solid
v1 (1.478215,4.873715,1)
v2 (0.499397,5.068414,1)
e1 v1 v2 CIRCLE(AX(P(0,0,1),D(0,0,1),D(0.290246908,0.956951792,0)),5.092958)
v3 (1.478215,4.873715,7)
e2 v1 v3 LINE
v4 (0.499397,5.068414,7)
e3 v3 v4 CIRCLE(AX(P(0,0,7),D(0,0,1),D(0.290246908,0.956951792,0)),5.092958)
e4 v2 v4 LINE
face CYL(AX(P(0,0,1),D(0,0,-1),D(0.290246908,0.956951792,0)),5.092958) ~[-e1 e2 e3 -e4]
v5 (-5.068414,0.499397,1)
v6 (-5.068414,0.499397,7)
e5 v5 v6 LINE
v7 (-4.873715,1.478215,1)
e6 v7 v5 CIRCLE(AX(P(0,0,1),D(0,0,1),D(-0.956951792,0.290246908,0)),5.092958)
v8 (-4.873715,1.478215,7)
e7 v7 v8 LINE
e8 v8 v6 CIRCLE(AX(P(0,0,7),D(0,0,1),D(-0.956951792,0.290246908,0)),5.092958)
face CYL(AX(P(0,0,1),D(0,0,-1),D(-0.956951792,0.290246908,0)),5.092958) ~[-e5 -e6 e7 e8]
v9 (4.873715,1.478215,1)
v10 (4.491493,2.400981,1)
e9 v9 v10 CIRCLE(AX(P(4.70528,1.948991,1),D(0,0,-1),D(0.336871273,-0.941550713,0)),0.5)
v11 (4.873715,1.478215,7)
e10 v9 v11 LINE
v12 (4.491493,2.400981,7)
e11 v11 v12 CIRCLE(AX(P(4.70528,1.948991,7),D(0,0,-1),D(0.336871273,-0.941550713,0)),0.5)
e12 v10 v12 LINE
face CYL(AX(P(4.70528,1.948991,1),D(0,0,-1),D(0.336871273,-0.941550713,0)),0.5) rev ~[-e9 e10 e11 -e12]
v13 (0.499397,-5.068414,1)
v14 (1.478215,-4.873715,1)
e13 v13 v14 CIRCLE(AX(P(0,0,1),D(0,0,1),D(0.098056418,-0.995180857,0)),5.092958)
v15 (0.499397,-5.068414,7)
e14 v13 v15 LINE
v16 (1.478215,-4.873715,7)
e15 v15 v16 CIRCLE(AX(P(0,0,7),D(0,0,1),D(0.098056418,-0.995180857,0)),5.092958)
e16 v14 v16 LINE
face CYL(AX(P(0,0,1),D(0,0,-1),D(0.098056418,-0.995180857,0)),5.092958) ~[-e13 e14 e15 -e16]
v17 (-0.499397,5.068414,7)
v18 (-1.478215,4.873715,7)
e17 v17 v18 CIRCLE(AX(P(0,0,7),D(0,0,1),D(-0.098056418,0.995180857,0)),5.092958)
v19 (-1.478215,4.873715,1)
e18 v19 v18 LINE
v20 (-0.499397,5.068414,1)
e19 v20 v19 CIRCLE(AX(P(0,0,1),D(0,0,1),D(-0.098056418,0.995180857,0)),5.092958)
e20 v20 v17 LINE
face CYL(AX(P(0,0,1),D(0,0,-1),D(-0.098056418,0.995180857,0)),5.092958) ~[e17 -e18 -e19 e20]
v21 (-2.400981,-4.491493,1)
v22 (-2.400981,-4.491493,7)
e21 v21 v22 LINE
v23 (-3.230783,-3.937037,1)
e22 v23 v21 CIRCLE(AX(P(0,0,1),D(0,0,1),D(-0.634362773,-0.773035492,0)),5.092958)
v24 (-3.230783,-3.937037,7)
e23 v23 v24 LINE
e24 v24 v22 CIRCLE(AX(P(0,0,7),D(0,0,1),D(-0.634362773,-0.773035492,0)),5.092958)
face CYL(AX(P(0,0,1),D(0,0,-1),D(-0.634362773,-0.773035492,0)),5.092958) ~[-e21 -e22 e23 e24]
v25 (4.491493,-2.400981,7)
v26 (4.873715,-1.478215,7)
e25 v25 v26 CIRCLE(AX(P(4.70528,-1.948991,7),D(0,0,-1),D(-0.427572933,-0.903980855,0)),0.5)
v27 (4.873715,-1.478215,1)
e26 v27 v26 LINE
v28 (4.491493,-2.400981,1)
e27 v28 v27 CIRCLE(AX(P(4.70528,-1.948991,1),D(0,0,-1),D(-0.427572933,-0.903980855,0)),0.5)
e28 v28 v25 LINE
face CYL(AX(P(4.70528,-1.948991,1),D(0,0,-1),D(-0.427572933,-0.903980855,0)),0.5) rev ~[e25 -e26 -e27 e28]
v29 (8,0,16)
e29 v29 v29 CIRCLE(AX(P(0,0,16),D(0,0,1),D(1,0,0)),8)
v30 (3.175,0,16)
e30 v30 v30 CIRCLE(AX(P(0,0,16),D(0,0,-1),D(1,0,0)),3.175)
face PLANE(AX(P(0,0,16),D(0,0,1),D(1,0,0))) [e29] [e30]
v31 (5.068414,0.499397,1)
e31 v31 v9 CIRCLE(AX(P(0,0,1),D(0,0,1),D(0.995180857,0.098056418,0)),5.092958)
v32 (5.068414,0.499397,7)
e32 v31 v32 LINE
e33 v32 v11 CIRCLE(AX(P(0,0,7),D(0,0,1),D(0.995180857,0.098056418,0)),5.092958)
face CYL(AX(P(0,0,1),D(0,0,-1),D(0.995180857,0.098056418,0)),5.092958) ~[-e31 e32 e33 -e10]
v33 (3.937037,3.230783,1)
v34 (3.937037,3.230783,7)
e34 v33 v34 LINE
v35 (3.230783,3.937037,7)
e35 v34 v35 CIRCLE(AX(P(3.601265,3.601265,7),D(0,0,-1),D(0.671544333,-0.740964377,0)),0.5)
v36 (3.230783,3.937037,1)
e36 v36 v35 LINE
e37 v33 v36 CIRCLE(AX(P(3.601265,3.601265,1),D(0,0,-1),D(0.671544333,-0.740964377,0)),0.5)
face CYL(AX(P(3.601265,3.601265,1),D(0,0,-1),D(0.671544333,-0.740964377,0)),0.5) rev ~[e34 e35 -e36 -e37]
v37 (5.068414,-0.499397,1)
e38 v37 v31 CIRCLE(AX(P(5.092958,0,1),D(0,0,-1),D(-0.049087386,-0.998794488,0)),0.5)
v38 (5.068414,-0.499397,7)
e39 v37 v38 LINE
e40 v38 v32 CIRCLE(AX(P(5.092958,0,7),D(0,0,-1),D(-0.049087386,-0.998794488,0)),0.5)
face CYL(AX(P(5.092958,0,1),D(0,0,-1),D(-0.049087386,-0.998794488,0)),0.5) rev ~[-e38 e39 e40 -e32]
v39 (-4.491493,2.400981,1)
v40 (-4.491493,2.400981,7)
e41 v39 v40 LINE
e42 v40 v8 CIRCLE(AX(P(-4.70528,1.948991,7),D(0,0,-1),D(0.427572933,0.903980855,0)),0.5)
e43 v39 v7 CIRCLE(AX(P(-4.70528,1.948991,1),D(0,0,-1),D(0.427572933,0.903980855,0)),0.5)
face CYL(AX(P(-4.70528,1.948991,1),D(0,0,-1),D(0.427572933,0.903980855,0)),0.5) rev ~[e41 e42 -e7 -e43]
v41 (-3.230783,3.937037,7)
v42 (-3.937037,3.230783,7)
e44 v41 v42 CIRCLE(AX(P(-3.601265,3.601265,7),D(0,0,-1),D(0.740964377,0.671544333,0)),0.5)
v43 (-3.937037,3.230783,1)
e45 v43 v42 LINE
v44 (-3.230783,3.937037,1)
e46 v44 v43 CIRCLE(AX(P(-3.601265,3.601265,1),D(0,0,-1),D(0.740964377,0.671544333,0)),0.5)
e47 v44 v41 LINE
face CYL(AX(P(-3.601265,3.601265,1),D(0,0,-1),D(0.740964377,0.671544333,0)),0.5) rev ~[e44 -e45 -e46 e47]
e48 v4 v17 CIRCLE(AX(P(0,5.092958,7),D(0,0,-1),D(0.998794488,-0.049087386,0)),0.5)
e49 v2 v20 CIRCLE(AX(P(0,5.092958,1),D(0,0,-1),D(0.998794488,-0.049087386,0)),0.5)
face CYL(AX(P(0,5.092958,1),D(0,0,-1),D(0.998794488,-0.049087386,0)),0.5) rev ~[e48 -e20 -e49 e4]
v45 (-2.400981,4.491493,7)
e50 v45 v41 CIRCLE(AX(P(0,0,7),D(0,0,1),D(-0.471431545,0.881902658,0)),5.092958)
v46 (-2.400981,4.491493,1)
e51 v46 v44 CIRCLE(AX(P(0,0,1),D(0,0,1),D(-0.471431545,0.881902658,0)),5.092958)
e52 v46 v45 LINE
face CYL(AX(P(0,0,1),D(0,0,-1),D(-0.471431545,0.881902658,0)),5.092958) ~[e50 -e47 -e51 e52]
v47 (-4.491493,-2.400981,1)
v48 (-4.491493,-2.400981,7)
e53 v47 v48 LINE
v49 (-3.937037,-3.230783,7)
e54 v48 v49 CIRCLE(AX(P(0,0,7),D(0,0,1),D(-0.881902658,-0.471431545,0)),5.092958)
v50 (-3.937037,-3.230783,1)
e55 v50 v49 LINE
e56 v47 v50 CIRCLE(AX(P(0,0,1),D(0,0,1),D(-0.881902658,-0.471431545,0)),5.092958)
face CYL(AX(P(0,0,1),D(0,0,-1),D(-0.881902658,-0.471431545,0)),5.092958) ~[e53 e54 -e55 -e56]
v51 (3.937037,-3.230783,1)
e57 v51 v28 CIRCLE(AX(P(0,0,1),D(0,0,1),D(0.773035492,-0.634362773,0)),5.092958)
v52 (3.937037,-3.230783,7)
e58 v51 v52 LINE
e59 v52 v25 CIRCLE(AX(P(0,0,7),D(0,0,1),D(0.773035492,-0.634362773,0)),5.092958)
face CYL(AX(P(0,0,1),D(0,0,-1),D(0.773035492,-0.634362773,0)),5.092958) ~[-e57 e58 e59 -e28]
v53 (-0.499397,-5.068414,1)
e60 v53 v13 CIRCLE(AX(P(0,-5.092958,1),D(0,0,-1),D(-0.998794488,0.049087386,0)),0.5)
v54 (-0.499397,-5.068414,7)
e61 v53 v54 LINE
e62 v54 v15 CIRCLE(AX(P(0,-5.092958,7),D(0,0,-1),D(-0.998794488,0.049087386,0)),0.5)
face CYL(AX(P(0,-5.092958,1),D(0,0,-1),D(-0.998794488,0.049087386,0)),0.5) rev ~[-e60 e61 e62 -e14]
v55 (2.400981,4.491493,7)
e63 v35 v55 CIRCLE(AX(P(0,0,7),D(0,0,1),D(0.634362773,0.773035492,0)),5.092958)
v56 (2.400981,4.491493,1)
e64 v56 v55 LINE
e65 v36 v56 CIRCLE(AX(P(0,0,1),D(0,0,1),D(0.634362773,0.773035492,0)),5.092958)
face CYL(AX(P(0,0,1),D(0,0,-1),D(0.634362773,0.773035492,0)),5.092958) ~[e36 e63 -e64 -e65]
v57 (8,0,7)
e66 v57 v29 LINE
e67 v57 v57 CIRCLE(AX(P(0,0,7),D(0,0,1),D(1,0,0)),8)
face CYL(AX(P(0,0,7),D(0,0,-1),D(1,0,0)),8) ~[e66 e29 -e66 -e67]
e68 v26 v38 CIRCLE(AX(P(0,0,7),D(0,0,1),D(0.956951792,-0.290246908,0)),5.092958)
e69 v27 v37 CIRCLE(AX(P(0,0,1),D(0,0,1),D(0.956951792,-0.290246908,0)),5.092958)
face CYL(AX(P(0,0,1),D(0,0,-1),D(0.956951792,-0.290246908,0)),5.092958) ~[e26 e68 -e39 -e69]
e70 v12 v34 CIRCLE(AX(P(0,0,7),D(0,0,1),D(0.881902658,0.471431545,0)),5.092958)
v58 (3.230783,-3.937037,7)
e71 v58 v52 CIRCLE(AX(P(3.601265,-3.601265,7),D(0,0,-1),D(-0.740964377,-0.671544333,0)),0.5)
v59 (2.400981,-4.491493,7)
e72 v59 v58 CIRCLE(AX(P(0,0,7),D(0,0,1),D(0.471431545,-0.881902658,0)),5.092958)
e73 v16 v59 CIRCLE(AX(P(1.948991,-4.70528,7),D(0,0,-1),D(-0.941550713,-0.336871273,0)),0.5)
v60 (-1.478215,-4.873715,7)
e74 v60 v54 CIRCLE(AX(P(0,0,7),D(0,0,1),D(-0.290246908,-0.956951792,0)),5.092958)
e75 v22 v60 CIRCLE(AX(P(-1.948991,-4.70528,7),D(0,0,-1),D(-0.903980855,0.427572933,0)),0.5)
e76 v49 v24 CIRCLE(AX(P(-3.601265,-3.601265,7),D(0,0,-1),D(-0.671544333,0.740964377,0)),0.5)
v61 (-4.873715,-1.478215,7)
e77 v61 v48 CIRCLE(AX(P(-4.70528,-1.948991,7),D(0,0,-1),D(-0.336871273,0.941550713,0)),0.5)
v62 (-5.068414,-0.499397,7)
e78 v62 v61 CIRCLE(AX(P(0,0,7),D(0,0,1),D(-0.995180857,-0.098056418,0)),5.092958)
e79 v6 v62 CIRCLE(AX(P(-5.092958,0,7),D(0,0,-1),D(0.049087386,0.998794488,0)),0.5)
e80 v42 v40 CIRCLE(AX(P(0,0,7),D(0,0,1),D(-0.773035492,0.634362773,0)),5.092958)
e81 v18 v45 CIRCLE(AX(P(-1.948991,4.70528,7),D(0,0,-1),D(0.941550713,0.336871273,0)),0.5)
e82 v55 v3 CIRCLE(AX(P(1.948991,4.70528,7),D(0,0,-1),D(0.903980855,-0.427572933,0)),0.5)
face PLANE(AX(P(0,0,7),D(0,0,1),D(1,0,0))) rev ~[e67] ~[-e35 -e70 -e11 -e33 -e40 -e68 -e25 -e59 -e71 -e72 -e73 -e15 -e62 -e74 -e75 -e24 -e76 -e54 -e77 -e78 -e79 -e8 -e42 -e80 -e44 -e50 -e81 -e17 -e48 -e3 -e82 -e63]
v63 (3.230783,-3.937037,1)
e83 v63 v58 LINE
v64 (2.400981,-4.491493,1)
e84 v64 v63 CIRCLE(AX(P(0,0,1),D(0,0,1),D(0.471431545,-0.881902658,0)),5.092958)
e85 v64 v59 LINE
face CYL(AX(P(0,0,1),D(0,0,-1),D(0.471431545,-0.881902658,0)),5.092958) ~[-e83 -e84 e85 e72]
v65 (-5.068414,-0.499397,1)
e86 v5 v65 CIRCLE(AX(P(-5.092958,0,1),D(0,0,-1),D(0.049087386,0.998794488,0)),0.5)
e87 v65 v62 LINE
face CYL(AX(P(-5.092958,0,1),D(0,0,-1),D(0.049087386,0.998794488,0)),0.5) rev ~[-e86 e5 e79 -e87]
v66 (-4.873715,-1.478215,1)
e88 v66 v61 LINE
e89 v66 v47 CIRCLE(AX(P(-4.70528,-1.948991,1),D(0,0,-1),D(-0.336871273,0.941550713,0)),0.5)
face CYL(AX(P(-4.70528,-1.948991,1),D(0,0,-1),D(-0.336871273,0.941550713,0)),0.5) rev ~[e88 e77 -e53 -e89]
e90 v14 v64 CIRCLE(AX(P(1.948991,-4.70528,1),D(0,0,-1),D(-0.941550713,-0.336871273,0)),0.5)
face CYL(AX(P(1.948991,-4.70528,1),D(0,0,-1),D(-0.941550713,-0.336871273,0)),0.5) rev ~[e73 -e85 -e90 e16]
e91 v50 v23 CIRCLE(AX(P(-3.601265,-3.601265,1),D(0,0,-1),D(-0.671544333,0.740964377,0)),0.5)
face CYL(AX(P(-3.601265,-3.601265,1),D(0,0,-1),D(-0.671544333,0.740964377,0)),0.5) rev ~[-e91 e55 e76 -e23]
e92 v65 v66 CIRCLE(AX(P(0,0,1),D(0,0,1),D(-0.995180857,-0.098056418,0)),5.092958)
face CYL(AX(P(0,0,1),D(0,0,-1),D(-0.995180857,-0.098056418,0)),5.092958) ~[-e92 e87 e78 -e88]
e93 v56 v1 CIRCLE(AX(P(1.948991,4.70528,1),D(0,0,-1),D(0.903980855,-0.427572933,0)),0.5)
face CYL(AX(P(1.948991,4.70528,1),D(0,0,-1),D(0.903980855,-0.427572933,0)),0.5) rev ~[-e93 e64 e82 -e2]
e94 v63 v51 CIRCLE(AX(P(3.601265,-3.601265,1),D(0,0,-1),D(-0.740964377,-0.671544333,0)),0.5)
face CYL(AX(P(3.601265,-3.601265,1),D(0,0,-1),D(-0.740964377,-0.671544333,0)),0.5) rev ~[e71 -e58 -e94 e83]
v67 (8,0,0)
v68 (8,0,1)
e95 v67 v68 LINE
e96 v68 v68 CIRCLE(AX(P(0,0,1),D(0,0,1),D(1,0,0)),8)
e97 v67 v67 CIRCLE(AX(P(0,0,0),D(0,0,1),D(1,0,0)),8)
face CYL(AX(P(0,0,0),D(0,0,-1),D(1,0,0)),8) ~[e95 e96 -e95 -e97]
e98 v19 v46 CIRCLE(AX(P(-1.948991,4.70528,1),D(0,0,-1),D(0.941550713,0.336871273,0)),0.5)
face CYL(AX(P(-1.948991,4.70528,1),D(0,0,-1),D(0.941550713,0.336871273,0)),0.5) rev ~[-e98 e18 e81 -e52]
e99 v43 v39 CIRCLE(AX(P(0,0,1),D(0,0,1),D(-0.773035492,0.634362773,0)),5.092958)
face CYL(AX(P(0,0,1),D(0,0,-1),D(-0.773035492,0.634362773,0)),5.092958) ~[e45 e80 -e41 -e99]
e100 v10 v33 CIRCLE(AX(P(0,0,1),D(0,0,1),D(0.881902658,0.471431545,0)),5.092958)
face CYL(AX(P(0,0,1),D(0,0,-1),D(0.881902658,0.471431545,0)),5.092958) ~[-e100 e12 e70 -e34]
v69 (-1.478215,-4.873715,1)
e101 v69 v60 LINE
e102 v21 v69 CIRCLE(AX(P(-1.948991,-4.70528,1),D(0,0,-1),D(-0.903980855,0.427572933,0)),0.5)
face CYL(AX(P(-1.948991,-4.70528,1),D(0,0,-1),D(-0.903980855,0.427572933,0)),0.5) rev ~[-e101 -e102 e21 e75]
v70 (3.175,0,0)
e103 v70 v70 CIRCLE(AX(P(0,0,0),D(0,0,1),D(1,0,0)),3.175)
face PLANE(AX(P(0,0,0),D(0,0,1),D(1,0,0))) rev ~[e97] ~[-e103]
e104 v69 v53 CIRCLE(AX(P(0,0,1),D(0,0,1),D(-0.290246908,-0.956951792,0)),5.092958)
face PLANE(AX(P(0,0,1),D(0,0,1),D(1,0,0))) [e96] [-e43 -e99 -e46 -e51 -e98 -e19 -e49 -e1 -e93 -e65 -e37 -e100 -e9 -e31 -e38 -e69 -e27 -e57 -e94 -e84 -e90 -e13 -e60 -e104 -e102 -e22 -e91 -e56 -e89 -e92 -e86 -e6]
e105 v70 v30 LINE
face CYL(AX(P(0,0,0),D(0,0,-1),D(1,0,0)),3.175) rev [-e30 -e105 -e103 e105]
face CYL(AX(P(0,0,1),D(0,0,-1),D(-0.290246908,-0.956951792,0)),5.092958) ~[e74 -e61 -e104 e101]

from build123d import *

# Parameters (mm, degrees)
SKETCH1_R           = 8
BOSS_EXTRUDE1_DEPTH = 1
BOSS_EXTRUDE2_DEPTH = 6
SKETCH3_R           = 8
BOSS_EXTRUDE3_DEPTH = 9
SKETCH1_3_R         = 3.175
CUT_EXTRUDE1_DEPTH  = 20.595917942


with BuildPart() as part:
    # Sketch1 → Boss-Extrude1 (new body)
    with BuildSketch(Plane.XY):
        Circle(SKETCH1_R)
    extrude(amount=BOSS_EXTRUDE1_DEPTH)

    # Sketch2 → Boss-Extrude2 (add)
    with BuildSketch(Plane.XY.offset(1)):
        with BuildLine():
            ThreePointArc((-0.499397244, 5.068414486), (-0.993586851, 4.995098416), (-1.47821536, 4.873715458))
            ThreePointArc((-1.47821536, 4.873715458), (-1.757649001, 4.243340055), (-2.400981144, 4.491493355))
            ThreePointArc((-2.400981144, 4.491493355), (-2.829495962, 4.234639963), (-3.230783076, 3.937037431))
            ThreePointArc((-3.230783076, 3.937037431), (-3.247711874, 3.247711874), (-3.937037431, 3.230783076))
            ThreePointArc((-3.937037431, 3.230783076), (-4.234639963, 2.829495962), (-4.491493355, 2.400981144))
            ThreePointArc((-4.491493355, 2.400981144), (-4.243340055, 1.757649001), (-4.873715458, 1.47821536))
            ThreePointArc((-4.873715458, 1.47821536), (-4.995098416, 0.993586851), (-5.068414486, 0.499397244))
            ThreePointArc((-5.068414486, 0.499397244), (-4.592958179, 0), (-5.068414486, -0.499397244))
            ThreePointArc((-5.068414486, -0.499397244), (-4.995098416, -0.993586851), (-4.873715458, -1.47821536))
            ThreePointArc((-4.873715458, -1.47821536), (-4.243340055, -1.757649001), (-4.491493355, -2.400981144))
            ThreePointArc((-4.491493355, -2.400981144), (-4.234639963, -2.829495962), (-3.937037431, -3.230783076))
            ThreePointArc((-3.937037431, -3.230783076), (-3.247711874, -3.247711874), (-3.230783076, -3.937037431))
            ThreePointArc((-3.230783076, -3.937037431), (-2.829495962, -4.234639963), (-2.400981144, -4.491493355))
            ThreePointArc((-2.400981144, -4.491493355), (-1.757649001, -4.243340055), (-1.47821536, -4.873715458))
            ThreePointArc((-1.47821536, -4.873715458), (-0.993586851, -4.995098416), (-0.499397244, -5.068414486))
            ThreePointArc((-0.499397244, -5.068414486), (0, -4.592958179), (0.499397244, -5.068414486))
            ThreePointArc((0.499397244, -5.068414486), (0.993586851, -4.995098416), (1.47821536, -4.873715458))
            ThreePointArc((1.47821536, -4.873715458), (1.757649001, -4.243340055), (2.400981144, -4.491493355))
            ThreePointArc((2.400981144, -4.491493355), (2.829495962, -4.234639963), (3.230783076, -3.937037431))
            ThreePointArc((3.230783076, -3.937037431), (3.247711874, -3.247711874), (3.937037431, -3.230783076))
            ThreePointArc((3.937037431, -3.230783076), (4.234639963, -2.829495962), (4.491493355, -2.400981144))
            ThreePointArc((4.491493355, -2.400981144), (4.243340055, -1.757649001), (4.873715458, -1.47821536))
            ThreePointArc((4.873715458, -1.47821536), (4.995098416, -0.993586851), (5.068414486, -0.499397244))
            ThreePointArc((5.068414486, -0.499397244), (4.592958179, 0), (5.068414486, 0.499397244))
            ThreePointArc((5.068414486, 0.499397244), (4.995098416, 0.993586851), (4.873715458, 1.47821536))
            ThreePointArc((4.873715458, 1.47821536), (4.243340055, 1.757649001), (4.491493355, 2.400981144))
            ThreePointArc((4.491493355, 2.400981144), (4.234639963, 2.829495962), (3.937037431, 3.230783076))
            ThreePointArc((3.937037431, 3.230783076), (3.247711874, 3.247711874), (3.230783076, 3.937037431))
            ThreePointArc((3.230783076, 3.937037431), (2.829495962, 4.234639963), (2.400981144, 4.491493355))
            ThreePointArc((2.400981144, 4.491493355), (1.757649001, 4.243340055), (1.47821536, 4.873715458))
            ThreePointArc((1.47821536, 4.873715458), (0.993586851, 4.995098416), (0.499397244, 5.068414486))
            ThreePointArc((0.499397244, 5.068414486), (0, 4.592958179), (-0.499397244, 5.068414486))
        make_face()
    extrude(amount=BOSS_EXTRUDE2_DEPTH)

    # Sketch3 → Boss-Extrude3 (add)
    with BuildSketch(Plane.XY.offset(7)):
        Circle(SKETCH3_R)
    extrude(amount=BOSS_EXTRUDE3_DEPTH)

    # Sketch1<3> → Cut-Extrude1 (cut, through all)
    with BuildSketch(Plane.XY):
        Circle(SKETCH1_3_R)
    extrude(amount=CUT_EXTRUDE1_DEPTH, mode=Mode.SUBTRACT)


solid = part.part
